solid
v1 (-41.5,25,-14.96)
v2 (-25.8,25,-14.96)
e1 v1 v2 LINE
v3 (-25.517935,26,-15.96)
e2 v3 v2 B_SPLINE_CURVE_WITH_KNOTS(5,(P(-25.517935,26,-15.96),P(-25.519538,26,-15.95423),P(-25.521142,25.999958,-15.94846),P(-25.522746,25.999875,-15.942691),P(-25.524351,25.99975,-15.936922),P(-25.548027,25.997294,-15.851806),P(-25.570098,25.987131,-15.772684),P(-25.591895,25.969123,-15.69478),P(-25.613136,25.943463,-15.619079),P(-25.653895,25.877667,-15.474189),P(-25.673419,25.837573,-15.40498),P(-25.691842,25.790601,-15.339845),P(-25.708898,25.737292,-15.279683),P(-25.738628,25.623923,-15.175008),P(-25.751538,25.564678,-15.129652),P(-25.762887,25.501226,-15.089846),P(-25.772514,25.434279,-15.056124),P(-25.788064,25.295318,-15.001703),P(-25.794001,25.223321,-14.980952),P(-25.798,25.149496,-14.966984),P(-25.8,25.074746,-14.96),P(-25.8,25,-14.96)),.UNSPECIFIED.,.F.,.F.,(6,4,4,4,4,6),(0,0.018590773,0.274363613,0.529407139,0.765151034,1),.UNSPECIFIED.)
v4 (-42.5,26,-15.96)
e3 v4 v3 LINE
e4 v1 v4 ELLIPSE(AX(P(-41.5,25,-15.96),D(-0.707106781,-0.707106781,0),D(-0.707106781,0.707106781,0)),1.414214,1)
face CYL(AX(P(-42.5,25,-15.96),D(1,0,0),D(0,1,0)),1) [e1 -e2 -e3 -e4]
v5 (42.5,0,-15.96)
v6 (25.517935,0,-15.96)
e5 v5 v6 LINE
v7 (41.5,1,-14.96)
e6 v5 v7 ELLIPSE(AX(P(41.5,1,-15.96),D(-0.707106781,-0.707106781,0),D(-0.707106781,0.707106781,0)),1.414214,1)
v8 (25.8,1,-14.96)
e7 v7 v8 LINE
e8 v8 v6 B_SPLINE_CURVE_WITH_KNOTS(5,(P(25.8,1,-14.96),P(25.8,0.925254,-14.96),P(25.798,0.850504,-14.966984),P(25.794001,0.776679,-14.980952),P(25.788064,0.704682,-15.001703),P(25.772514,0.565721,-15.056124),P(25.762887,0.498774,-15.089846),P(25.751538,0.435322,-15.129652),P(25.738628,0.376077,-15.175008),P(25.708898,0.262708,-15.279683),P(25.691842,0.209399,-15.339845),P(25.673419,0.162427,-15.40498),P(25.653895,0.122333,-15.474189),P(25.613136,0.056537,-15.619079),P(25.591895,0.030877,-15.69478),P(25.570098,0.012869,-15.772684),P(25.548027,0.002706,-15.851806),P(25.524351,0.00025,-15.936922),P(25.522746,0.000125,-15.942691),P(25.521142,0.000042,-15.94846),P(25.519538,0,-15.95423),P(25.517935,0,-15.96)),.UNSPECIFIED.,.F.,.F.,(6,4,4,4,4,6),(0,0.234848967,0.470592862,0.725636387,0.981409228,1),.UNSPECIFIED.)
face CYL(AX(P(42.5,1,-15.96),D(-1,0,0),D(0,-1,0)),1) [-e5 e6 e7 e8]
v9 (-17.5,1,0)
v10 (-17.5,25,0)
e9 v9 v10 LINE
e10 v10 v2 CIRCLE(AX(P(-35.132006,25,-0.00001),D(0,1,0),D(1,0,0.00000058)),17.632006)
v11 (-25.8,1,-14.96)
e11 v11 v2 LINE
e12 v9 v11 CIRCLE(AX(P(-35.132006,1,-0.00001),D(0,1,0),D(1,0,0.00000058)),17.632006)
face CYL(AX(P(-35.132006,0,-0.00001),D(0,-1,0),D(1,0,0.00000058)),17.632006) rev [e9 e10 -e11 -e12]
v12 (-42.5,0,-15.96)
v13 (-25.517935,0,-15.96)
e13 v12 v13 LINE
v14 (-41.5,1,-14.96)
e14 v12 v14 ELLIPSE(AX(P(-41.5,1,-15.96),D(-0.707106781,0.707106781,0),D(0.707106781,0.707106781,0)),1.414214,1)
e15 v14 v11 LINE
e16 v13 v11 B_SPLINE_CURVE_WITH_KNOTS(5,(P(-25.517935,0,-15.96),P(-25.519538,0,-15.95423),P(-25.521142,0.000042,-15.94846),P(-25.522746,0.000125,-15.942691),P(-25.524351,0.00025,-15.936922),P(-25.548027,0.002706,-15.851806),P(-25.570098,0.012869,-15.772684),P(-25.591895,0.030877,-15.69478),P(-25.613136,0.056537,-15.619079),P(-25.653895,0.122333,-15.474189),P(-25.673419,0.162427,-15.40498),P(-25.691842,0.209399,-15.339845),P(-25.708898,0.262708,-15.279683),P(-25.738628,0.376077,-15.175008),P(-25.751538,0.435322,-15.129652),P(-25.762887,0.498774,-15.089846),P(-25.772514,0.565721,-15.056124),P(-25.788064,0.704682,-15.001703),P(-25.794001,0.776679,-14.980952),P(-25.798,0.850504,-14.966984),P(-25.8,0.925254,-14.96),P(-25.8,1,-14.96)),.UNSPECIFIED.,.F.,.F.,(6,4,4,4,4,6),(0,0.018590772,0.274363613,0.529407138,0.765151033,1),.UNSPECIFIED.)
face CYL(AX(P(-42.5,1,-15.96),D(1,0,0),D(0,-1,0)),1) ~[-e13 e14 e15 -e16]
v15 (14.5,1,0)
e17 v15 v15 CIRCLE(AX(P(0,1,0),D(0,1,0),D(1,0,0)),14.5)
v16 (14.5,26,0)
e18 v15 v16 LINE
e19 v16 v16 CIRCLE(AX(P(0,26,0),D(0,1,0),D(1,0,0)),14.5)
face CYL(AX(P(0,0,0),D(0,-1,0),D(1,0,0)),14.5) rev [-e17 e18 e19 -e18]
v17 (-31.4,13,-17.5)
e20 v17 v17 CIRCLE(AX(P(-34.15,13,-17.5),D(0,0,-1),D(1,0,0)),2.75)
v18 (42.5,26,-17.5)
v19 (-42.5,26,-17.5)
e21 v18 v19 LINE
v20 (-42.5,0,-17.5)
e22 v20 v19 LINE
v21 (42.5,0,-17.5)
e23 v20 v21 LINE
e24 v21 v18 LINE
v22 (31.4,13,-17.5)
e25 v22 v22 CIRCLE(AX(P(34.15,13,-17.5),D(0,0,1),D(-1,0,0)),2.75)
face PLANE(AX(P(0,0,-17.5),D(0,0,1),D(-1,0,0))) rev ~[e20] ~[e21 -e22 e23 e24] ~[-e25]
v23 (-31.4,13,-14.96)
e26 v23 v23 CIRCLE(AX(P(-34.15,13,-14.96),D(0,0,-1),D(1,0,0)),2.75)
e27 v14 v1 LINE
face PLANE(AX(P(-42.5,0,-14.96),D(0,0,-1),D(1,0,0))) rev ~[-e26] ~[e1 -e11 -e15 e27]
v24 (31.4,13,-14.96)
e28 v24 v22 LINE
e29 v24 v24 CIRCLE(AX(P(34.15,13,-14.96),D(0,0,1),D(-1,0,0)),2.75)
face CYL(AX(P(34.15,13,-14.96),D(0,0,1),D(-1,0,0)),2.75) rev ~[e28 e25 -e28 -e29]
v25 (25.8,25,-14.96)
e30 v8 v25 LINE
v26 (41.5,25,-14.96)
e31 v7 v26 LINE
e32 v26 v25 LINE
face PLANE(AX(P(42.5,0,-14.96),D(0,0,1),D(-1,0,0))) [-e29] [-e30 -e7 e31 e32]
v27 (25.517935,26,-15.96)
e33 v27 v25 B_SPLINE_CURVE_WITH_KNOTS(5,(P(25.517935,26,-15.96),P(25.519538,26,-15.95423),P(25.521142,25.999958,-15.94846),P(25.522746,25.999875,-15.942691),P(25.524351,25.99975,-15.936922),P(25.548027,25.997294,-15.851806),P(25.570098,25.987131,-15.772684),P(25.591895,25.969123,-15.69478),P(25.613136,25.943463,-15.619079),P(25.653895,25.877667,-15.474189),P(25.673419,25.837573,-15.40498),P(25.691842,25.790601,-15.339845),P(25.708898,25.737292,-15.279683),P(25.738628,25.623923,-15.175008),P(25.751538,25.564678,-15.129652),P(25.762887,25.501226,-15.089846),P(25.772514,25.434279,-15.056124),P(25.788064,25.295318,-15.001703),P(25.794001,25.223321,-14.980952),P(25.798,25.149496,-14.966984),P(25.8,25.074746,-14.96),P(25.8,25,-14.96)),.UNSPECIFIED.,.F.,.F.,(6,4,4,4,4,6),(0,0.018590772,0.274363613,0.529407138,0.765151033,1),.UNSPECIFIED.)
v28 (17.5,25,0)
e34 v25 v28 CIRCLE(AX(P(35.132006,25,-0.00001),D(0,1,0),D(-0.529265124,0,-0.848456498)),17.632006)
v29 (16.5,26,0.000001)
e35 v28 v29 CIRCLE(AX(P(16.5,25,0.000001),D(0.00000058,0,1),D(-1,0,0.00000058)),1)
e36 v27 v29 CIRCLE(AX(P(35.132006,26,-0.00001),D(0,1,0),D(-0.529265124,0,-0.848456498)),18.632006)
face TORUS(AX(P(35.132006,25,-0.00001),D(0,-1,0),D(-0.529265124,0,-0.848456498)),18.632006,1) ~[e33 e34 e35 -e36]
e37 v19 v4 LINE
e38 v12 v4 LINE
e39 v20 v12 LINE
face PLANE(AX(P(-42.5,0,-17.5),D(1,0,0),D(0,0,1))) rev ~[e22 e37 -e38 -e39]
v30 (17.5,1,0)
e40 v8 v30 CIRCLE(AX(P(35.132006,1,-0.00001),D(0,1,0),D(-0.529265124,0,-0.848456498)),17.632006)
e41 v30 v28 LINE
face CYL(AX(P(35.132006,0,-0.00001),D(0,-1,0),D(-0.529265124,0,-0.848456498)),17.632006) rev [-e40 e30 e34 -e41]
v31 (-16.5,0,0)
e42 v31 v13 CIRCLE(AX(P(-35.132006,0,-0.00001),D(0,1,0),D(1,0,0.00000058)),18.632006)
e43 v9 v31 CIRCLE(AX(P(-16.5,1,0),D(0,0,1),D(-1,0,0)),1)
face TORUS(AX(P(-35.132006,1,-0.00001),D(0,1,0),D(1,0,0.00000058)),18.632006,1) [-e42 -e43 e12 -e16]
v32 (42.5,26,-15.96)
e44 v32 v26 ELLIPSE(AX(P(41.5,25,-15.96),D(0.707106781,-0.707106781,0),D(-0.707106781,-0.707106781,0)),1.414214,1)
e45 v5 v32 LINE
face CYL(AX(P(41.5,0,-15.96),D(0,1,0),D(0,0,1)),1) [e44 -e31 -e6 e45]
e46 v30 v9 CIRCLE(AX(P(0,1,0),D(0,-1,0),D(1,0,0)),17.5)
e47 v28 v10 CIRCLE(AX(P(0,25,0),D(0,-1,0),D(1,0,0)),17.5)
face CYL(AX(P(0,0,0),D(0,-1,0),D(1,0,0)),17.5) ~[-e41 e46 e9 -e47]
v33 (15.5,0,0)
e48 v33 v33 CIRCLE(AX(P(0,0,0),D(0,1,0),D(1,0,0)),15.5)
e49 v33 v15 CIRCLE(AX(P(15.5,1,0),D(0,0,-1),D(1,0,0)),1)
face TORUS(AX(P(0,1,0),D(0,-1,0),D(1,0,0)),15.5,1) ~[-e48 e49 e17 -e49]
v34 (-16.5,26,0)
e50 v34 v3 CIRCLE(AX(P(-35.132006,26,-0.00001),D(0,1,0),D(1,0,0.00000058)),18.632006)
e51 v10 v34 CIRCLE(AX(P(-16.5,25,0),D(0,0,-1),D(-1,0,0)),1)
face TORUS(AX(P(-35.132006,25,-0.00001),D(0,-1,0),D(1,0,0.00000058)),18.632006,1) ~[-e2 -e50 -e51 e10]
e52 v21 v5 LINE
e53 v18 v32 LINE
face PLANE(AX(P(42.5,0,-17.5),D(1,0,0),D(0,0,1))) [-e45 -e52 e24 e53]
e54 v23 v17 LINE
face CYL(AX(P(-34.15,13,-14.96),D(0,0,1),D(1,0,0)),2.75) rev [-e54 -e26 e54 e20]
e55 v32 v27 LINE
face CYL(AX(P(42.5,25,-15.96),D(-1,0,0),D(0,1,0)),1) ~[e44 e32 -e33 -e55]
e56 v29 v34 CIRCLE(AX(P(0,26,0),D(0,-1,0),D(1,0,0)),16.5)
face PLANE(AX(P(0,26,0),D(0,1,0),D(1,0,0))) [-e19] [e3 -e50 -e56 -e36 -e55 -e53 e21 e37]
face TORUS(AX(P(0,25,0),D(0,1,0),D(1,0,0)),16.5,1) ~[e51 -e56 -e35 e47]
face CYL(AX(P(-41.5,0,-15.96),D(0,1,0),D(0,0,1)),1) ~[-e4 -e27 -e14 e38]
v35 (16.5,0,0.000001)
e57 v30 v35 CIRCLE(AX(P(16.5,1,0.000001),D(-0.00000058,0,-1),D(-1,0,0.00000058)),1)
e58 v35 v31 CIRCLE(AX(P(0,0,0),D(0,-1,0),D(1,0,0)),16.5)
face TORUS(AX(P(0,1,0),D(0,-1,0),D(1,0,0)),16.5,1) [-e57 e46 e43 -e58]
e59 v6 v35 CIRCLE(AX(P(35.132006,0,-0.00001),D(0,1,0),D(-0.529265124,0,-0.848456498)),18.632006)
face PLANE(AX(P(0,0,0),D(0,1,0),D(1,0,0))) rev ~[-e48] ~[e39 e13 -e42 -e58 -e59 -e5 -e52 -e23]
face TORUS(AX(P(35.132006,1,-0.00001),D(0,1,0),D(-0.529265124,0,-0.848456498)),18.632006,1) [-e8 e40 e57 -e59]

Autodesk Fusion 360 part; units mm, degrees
sketch "Sketch1" plane through (0, 0, 0) normal (0, 1, 0) x (1, 0, 0)
  circle A0 centre (0, 0) radius 14.5
  circle A1 centre (0, 0) radius 17.5
  line L0 (0, 17.5) -> (28.7095, 17.5) construction
  line L1 (17.5, 0) -> (17.5, 17.5) construction
  line L2 (17.5, 0) -> (17.5, 17.5)
  line L3 (0, 17.5) -> (17.5, 17.5)
  line L4 (17.5, 17.5) -> (42.5, 17.5)
  line L5 (42.5, 17.5) -> (42.5, 14.96)
  line L6 (42.5, 14.96) -> (17.5, 14.96)
  line L7 (17.5, 14.96) -> (17.5, 17.5)
  line L8 (17.5, 14.96) -> (18.9859, 14.96) construction
  line L9 (17.5, 14.96) -> (25.8, 14.96) construction
  arc A2 (25.8, 14.96) -> (17.5, 0) centre (35.132, 0) ccw
  line L10 (0, -17.5) -> (0, 17.5) construction
  line L11 (17.5, 0) -> (-17.5, 0) construction
  arc A3 (-17.5, 0) -> (-25.8, 14.96) centre (-35.132, 0) ccw
  line L12 (-17.5, 0) -> (-17.5, 17.5)
  line L13 (-17.5, 14.96) -> (-25.8, 14.96) construction
  line L14 (-42.5, 14.96) -> (-17.5, 14.96)
  line L15 (-42.5, 17.5) -> (-42.5, 14.96)
  line L16 (-17.5, 17.5) -> (-42.5, 17.5)
  line L17 (0, 17.5) -> (-17.5, 17.5)
  dimension "d5" = 29
  dimension "d6" = 35
  dimension "d7" = 25
  dimension "d8" = 2.54
  dimension "d9" = 8.3
extrude "Extrude1" add sketch "Sketch1" along normal blind 26
sketch "Sketch3" plane through (0, 0, -14.96) normal (0, 0, 1) x (-1, 0, 0)
  line L0 (-25.8, 0) -> (-42.5, 0)
  line L1 (-42.5, 0) -> (-42.5, -26)
  line L2 (-42.5, -26) -> (-25.8, -26)
  line L3 (-25.8, -26) -> (-25.8, 0)
  line L4 (-25.8, -26) -> (-42.5, 0) construction
  line L5 (-42.5, -26) -> (-25.8, 0) construction
  circle A0 centre (-34.15, -13) radius 2.75
  dimension "d16" = 5.5
extrude "Extrude2" cut sketch "Sketch3" against normal up to surface (2.54 mm away) contours A0
mirror "Mirror1" about plane through (0, 0, 0) normal (1, 0, 0) of "Extrude2"
fillet "Fillet3" radius 1 13 edges at (-34.15, 0, -14.96) (-42.5, 13, -14.96) (-34.15, 26, -14.96) (-19.714, 0, -8.5541) (0, 0, 17.5) (19.714, 0, -8.5541) (-13.5187, 0, -5.2434) (34.15, 26, -14.96) (-19.714, 26, -8.5541) (0, 26, 17.5) (19.714, 26, -8.5541) (34.15, 0, -14.96) (42.5, 13, -14.96)
equation "InnerDiameter = 29 mm"
equation "OuterDiameter = 35 mm"
equation "Width = 26 mm"
equation "ScrewDiameter = 5.5 mm"
equation "d5 = InnerDiameter"
equation "d6 = OuterDiameter"
equation "d10 = Width"
equation "d16 = ScrewDiameter"
